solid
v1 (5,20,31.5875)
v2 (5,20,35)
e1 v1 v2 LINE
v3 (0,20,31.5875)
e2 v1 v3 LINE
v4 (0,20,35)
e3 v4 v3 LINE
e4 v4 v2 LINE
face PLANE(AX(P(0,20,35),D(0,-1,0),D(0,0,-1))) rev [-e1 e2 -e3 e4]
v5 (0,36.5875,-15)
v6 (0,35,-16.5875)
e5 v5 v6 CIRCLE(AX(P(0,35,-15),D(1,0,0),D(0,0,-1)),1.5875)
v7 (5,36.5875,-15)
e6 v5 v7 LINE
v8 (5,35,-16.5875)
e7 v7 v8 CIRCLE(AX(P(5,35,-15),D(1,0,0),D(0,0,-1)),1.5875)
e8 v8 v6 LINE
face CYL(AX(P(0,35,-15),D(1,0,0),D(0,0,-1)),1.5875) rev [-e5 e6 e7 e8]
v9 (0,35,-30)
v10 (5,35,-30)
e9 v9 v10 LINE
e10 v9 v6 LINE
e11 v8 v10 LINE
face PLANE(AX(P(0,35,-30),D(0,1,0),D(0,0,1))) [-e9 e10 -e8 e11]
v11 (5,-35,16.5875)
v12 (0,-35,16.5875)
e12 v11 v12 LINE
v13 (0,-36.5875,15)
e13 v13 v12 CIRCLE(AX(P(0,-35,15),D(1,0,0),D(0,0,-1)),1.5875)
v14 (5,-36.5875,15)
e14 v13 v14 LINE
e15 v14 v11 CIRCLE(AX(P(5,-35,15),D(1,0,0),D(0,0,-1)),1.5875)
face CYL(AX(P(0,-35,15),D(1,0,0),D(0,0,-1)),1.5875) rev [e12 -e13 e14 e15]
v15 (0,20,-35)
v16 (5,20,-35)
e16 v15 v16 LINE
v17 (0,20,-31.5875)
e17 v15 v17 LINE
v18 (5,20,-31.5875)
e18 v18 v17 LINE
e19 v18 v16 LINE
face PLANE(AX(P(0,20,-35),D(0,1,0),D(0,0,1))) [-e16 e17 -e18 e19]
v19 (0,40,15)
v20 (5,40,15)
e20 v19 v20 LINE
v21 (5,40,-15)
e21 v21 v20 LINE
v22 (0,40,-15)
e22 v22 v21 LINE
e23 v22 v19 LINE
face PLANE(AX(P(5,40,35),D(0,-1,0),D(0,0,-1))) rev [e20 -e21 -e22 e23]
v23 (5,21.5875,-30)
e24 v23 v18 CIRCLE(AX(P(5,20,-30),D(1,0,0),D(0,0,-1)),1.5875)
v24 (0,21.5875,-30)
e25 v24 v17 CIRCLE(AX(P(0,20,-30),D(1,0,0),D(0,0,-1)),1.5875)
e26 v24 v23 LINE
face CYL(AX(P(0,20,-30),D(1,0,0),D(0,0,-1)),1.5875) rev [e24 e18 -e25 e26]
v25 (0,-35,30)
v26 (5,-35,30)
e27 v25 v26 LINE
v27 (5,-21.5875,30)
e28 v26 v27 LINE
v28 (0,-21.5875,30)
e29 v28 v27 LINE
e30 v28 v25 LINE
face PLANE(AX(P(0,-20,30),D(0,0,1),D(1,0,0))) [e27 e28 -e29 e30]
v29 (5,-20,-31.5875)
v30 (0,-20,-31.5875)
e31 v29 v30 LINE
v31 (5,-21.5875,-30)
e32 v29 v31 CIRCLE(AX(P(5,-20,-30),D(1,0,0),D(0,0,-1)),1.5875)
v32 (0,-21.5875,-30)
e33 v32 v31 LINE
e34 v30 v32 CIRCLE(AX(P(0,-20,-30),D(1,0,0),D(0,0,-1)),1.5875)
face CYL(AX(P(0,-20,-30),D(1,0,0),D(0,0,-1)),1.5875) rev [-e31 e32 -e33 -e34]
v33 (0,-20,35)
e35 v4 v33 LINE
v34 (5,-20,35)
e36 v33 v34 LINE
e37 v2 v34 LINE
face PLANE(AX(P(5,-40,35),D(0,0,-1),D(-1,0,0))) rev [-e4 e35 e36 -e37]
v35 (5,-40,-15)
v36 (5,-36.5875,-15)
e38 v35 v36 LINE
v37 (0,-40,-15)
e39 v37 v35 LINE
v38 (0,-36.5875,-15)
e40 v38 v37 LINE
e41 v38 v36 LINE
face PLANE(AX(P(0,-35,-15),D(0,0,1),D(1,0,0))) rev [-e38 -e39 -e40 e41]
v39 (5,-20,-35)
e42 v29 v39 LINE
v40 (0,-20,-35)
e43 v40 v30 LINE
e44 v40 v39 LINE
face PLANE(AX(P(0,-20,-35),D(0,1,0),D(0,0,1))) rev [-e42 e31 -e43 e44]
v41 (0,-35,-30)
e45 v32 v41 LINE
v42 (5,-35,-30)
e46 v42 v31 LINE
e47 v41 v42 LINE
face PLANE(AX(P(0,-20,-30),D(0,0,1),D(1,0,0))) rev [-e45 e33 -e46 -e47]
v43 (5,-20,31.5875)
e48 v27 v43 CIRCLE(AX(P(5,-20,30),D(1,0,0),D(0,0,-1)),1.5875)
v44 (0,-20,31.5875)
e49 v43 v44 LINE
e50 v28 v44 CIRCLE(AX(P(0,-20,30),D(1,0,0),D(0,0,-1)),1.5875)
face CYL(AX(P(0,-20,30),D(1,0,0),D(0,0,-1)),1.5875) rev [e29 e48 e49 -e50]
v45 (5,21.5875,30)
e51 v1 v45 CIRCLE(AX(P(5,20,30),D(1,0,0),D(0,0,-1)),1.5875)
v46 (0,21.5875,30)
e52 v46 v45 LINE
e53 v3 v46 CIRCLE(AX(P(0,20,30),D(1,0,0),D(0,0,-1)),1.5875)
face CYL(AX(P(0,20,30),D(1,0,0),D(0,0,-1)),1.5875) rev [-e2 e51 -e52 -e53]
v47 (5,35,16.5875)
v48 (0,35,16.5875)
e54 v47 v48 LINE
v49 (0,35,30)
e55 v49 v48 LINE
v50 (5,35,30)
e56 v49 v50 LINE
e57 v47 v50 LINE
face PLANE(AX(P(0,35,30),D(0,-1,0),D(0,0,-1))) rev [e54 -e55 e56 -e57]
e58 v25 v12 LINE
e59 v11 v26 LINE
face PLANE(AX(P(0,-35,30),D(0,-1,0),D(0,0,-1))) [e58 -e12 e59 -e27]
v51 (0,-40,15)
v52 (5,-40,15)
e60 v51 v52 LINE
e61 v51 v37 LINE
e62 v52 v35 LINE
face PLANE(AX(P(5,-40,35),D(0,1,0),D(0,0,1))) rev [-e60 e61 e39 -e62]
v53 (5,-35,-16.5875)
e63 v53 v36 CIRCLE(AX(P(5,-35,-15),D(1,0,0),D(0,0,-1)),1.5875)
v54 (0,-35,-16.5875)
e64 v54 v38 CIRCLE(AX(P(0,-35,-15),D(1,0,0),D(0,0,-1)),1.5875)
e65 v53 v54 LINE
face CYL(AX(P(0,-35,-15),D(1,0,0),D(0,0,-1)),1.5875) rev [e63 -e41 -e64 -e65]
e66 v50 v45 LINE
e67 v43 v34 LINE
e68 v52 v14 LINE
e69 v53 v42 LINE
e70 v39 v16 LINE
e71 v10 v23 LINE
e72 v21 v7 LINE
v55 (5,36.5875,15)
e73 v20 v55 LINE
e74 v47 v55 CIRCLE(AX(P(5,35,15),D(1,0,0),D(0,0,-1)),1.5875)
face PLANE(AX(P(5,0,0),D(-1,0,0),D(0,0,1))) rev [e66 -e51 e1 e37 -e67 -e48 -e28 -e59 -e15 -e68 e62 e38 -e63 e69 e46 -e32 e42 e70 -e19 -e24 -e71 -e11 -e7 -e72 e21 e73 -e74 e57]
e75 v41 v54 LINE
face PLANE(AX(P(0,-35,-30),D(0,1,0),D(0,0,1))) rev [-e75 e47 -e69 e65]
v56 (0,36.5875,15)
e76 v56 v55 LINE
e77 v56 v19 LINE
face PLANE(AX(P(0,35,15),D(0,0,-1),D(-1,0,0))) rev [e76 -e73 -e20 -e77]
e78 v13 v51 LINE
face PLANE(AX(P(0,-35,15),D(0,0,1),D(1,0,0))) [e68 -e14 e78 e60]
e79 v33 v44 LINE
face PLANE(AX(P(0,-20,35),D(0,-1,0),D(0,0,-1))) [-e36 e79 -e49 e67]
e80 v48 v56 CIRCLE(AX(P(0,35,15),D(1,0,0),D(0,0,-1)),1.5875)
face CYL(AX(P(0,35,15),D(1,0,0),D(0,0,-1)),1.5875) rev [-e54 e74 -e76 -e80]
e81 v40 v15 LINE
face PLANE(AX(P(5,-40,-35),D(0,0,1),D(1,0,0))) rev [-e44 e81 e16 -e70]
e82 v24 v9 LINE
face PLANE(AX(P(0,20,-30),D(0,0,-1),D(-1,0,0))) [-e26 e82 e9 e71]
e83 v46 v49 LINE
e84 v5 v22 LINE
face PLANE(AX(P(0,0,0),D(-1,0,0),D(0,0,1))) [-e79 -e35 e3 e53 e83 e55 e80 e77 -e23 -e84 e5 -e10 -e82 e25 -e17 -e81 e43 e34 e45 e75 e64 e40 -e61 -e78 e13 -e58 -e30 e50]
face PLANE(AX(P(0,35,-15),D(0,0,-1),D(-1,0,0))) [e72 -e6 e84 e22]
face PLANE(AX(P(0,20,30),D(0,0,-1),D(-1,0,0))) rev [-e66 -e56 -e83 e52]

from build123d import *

# Parameters (mm, degrees)
SKETCH1_W                                = 70
SKETCH1_H                                = 80
BOSS_EXTRUDE1_DEPTH                      = 5
CUT_EXTRUDE1_START                       = -6
CUT_EXTRUDE1_DEPTH                       = 7
MIRROR1_START                            = -6
MIRROR1_AT_THE_SECOND_PLANE_COPY_1_DEPTH = 7
SKETCH4_R                                = 1.5875
CUT_EXTRUDE2_DEPTH                       = 6


with BuildPart() as part:
    # Sketch1 → Boss-Extrude1 (new body)
    with BuildSketch(Plane(origin=(0, 0, 0), x_dir=(0, 0, -1), z_dir=(1, 0, 0))):
        Rectangle(SKETCH1_W, SKETCH1_H)
    extrude(amount=BOSS_EXTRUDE1_DEPTH)

    # Sketch3 → Cut-Extrude1 (cut)
    with BuildSketch(Plane(origin=(5, 0, 0), x_dir=(0, 0, -1), z_dir=(1, 0, 0)).offset(CUT_EXTRUDE1_START)):
        Polygon((-35, 20), (-30, 20), (-30, 35), (-15, 35), (-15, 40), (-35, 40), align=None)
    cut_extrude1 = extrude(amount=CUT_EXTRUDE1_DEPTH, mode=Mode.SUBTRACT)

    # Mirror1: Cut-Extrude1 across plane
    add(cut_extrude1.mirror(Plane.XY), mode=Mode.SUBTRACT)

    # Mirror1 at the second plane: Cut-Extrude1 across plane
    add(cut_extrude1.mirror(Plane.ZX), mode=Mode.SUBTRACT)

    # Mirror1 at the second plane copy 1 sketc → Mirror1 at the second plane copy 1 (cut)
    with BuildSketch(Plane(origin=(5, 0, 0), x_dir=(0, 0, 1), z_dir=(1, 0, 0)).offset(MIRROR1_START)):
        Polygon((-35, 20), (-30, 20), (-30, 35), (-15, 35), (-15, 40), (-35, 40), align=None)
    extrude(amount=MIRROR1_AT_THE_SECOND_PLANE_COPY_1_DEPTH, mode=Mode.SUBTRACT)

    # Sketch4 → Cut-Extrude2 (cut, through all)
    with BuildSketch(Plane(origin=(5, 0, 0), x_dir=(0, 0, -1), z_dir=(1, 0, 0))):
        with Locations((-30, 20)):
            Circle(SKETCH4_R)
        with Locations((-15, 35)):
            Circle(SKETCH4_R)
        with Locations((15, 35)):
            Circle(SKETCH4_R)
        with Locations((30, 20)):
            Circle(SKETCH4_R)
        with Locations((30, -20)):
            Circle(SKETCH4_R)
        with Locations((15, -35)):
            Circle(SKETCH4_R)
        with Locations((-15, -35)):
            Circle(SKETCH4_R)
        with Locations((-30, -20)):
            Circle(SKETCH4_R)
    extrude(amount=-CUT_EXTRUDE2_DEPTH, mode=Mode.SUBTRACT)


solid = part.part
